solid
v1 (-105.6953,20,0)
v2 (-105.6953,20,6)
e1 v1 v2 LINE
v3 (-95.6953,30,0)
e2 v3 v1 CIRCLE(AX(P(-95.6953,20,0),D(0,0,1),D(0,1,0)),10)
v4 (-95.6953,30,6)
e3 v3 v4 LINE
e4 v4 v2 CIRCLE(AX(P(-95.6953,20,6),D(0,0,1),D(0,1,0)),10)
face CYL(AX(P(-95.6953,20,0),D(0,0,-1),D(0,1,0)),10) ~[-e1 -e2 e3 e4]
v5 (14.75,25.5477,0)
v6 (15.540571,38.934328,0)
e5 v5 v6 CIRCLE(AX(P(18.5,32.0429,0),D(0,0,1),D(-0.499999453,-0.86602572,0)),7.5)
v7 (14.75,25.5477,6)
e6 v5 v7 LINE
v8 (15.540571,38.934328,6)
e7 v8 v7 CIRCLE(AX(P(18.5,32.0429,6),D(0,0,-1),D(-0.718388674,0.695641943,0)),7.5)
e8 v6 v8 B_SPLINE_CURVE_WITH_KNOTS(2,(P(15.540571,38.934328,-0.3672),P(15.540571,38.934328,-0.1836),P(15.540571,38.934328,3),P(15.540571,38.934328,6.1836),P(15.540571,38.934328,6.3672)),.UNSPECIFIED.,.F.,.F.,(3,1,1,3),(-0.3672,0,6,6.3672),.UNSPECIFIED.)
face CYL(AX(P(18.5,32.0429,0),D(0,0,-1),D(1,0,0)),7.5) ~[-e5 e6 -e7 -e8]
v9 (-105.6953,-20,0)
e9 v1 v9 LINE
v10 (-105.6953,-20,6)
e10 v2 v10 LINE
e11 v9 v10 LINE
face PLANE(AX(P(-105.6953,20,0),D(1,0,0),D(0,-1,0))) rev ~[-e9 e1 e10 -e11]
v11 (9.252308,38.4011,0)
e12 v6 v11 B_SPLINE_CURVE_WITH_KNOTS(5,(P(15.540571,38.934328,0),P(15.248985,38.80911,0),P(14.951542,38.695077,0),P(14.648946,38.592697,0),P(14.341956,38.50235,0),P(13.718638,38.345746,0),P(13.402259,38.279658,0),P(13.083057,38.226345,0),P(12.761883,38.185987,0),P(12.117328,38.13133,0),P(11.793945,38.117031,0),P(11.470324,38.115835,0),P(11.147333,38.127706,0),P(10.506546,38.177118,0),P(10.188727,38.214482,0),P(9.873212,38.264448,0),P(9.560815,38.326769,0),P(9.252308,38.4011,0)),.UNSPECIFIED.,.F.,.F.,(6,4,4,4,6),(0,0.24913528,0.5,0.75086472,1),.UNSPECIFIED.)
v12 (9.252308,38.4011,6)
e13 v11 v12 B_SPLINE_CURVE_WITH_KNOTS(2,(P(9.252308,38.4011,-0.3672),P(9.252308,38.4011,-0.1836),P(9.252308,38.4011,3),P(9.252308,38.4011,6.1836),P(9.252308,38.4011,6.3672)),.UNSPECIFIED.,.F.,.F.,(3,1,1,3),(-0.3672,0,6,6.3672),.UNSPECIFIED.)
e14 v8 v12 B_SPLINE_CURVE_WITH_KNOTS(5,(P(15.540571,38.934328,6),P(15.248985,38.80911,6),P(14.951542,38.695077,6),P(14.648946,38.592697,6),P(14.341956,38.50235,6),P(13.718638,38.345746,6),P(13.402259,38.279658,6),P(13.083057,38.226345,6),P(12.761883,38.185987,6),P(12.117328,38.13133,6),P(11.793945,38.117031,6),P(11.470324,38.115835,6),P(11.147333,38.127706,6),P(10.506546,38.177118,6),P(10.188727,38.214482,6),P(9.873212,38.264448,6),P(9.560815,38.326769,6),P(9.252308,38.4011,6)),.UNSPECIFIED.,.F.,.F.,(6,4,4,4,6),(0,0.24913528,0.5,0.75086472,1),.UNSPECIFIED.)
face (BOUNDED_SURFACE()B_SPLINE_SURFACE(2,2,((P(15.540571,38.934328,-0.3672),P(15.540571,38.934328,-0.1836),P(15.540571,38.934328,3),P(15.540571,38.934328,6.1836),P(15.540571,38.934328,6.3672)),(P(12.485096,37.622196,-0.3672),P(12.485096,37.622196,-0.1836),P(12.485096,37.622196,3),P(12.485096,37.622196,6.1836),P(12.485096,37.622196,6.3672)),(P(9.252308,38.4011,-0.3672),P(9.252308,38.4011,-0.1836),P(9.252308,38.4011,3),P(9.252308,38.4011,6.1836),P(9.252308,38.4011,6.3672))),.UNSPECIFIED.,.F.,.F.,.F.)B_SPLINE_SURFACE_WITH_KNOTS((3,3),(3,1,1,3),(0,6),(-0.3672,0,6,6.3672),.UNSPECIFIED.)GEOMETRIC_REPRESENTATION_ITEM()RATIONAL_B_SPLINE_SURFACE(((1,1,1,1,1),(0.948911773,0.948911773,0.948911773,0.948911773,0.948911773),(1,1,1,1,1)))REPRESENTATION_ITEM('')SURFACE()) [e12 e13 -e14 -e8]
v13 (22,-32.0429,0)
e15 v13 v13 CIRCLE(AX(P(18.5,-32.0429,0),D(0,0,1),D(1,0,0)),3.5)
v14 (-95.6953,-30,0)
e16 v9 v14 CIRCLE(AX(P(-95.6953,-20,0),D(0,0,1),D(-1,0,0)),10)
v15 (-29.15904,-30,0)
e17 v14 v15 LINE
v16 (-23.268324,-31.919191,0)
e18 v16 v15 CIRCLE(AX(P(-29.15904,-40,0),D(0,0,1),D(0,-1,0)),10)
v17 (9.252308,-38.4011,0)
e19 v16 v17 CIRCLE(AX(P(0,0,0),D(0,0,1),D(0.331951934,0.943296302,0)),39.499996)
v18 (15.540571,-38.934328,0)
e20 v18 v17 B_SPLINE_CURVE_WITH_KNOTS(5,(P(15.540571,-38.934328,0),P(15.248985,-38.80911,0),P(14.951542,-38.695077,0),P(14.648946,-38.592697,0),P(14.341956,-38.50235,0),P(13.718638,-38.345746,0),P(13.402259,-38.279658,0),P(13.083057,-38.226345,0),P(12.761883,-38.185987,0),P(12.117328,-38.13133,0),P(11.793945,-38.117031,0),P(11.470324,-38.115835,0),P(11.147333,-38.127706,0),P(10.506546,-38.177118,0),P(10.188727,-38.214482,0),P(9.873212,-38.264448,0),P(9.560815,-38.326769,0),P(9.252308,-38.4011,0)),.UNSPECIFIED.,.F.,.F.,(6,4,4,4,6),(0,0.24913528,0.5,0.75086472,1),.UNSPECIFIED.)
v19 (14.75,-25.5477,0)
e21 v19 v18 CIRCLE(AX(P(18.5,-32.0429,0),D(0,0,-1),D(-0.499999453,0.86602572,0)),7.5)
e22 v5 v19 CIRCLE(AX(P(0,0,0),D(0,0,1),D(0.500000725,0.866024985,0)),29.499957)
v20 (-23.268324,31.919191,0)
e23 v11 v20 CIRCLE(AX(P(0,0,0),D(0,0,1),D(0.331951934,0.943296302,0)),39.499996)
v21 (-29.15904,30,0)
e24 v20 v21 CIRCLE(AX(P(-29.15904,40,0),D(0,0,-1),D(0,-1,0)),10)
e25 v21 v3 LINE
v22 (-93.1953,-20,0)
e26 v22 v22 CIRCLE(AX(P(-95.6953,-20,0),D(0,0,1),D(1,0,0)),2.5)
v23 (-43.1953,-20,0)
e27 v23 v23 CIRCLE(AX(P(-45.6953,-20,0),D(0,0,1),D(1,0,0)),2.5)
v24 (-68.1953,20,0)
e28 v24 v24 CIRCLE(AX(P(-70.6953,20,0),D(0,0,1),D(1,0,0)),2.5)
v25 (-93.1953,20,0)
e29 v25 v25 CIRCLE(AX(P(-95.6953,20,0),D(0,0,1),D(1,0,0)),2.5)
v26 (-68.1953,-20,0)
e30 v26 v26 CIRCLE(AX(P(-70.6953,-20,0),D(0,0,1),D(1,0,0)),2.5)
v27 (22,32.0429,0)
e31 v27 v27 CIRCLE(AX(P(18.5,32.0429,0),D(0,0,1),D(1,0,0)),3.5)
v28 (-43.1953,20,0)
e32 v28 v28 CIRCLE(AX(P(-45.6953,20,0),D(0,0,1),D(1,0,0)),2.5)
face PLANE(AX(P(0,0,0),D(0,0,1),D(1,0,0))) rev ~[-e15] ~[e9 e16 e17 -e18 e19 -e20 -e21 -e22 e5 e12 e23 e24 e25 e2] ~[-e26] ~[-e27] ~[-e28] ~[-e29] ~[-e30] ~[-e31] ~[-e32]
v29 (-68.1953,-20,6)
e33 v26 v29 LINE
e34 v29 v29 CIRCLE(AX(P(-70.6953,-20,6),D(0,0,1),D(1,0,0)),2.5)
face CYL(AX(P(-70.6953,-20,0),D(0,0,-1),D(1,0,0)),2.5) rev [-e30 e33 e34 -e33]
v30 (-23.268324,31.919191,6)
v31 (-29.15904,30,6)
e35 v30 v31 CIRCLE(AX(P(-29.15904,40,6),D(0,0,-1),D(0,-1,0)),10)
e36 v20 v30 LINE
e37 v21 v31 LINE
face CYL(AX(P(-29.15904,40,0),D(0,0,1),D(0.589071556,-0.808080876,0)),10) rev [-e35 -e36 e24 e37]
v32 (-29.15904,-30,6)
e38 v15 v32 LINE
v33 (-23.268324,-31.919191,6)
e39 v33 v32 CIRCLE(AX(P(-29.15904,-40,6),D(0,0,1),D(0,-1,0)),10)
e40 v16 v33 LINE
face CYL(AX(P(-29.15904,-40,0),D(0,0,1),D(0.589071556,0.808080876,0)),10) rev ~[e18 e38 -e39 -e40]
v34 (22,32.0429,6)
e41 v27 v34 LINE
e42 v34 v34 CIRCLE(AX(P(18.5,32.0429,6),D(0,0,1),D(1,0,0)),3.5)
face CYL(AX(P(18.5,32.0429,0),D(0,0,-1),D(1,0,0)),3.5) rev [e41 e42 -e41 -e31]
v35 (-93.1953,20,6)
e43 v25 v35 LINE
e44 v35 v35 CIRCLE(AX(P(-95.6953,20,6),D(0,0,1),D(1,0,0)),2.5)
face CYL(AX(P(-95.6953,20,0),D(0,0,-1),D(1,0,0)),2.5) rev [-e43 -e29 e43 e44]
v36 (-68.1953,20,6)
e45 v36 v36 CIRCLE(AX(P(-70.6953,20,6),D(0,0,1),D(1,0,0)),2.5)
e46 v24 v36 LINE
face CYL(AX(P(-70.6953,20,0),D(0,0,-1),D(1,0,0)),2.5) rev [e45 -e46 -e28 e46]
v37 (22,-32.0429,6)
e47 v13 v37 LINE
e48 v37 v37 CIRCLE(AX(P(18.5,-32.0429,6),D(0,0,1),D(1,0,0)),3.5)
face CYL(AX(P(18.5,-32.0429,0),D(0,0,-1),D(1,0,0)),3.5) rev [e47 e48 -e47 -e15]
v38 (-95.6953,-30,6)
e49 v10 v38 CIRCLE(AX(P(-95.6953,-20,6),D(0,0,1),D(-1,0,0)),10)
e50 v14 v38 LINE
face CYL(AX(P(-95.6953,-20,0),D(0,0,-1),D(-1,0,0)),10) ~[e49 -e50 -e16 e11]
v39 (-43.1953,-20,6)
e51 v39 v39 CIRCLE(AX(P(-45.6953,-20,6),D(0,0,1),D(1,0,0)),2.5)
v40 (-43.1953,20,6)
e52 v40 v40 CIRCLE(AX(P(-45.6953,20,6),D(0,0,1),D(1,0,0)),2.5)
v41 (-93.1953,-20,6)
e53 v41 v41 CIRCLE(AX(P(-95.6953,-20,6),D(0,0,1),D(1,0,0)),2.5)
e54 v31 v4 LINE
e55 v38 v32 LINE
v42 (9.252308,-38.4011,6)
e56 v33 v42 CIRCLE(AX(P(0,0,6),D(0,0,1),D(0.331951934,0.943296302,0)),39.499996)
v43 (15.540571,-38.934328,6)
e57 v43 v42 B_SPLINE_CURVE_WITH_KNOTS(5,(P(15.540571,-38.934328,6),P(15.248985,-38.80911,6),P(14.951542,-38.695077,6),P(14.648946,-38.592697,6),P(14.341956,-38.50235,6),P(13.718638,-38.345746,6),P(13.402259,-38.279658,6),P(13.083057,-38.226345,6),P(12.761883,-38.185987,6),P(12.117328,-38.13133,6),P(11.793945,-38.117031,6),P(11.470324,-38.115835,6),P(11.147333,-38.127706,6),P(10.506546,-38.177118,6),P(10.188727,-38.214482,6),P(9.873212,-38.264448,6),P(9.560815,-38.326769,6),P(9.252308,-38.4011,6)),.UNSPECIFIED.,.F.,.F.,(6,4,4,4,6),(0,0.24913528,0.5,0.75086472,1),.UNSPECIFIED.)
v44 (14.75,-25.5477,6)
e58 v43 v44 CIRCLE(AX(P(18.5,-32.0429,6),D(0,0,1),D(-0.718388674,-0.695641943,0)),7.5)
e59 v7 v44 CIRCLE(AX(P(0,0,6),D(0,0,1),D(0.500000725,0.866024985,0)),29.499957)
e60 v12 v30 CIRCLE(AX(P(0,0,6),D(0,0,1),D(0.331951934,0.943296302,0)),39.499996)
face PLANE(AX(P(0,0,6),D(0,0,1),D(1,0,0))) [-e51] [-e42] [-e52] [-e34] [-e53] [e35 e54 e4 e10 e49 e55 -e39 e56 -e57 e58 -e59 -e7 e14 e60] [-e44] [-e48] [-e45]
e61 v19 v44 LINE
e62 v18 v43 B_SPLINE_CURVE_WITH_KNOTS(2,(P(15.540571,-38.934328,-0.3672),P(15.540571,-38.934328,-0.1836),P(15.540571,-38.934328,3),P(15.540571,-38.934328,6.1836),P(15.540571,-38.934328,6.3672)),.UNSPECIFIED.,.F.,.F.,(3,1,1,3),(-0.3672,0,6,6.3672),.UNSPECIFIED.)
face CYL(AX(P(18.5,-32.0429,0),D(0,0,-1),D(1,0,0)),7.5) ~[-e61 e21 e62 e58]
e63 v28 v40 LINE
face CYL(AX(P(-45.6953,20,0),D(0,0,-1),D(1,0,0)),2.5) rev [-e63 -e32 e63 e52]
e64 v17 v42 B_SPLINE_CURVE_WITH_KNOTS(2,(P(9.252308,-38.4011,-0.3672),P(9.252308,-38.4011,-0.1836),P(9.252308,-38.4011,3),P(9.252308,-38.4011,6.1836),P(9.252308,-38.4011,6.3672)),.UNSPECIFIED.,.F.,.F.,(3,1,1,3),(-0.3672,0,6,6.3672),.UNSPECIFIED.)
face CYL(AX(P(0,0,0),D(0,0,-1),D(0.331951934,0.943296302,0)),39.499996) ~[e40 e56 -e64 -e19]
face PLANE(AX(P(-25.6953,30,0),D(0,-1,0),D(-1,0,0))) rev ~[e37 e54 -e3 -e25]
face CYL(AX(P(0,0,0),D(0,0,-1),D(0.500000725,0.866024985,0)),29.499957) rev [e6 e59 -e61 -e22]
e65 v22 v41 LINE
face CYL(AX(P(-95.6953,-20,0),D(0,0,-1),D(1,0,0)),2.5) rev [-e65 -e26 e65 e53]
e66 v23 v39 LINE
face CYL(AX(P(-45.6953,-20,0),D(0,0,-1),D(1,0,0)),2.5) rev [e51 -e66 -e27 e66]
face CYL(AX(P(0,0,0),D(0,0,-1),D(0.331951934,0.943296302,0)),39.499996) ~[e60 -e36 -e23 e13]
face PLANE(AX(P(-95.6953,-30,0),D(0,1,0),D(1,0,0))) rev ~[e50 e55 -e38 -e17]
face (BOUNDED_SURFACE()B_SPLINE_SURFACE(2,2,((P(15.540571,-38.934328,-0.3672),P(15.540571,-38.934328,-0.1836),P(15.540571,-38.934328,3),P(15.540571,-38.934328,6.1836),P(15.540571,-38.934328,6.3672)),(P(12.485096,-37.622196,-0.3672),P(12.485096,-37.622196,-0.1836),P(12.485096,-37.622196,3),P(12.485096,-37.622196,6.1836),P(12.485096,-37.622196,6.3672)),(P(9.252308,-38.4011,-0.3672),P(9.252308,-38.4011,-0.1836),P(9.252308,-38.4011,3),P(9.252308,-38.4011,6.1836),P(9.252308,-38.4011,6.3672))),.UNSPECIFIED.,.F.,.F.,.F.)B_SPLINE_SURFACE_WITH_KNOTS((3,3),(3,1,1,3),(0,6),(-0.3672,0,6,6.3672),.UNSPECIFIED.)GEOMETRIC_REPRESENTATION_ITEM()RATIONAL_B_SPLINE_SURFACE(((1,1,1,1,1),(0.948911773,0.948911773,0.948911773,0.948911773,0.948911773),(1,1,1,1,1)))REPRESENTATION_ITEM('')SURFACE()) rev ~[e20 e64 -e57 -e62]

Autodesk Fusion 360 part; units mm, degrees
sketch "Sketch1" plane through (0, 0, 0) normal (0, 0, 1) x (1, 0, 0)
  circle A0 centre (18.5, 32.0429) radius 7.5
  circle A1 centre (18.5, -32.0429) radius 7.5
  line L0 (0, 0) -> (80.5902, 0) construction
  line L1 (0, 0) -> (18.5, 32.0429) construction
  arc A2 (14.75, 25.5477) -> (14.75, -25.5477) centre (0, 0) ccw
  arc A3 (13.1121, 37.2602) -> (13.1121, -37.2602) centre (0, 0) ccw
  line L2 (-25.6953, 30) -> (-95.6953, 30)
  line L3 (-95.6953, -30) -> (-25.6953, -30)
  line L4 (0, 0) -> (-230.6084, 0) construction
  circle A4 centre (18.5, 32.0429) radius 3.5
  circle A5 centre (18.5, -32.0429) radius 3.5
  line L5 (-105.6953, 20) -> (-105.6953, -20)
  arc A6 (-95.6953, 30) -> (-105.6953, 20) centre (-95.6953, 20) ccw
  arc A7 (-105.6953, -20) -> (-95.6953, -30) centre (-95.6953, -20) ccw
  circle A8 centre (-95.6953, 20) radius 2.5
  circle A9 centre (-95.6953, -20) radius 2.5
  circle A10 centre (-45.6953, -20) radius 2.5
  circle A11 centre (-45.6953, 20) radius 2.5
  circle A12 centre (-70.6953, 20) radius 2.5
  circle A13 centre (-70.6953, -20) radius 2.5
  point P0 (-105.6953, 30)
  point P1 (-105.6953, -30)
  dimension "d1" = 59
  dimension "d2" = 10
  dimension "d3" = 60
  dimension "d4" = 15
  dimension "d5" = 60
  dimension "d23" = 7
  dimension "d25" = 80
  dimension "d26" = 10
  dimension "d27" = 5
  dimension "d28" = 5
  dimension "d29" = 50
  dimension "d30" = 25
extrude "Extrude1" add sketch "Sketch1" along normal blind 6
fillet "Fillet1" radius 10 4 edges at (13.1121, 37.2602, 3) (-25.6953, 30, 3) (13.1121, -37.2602, 3) (-25.6953, -30, 3)
